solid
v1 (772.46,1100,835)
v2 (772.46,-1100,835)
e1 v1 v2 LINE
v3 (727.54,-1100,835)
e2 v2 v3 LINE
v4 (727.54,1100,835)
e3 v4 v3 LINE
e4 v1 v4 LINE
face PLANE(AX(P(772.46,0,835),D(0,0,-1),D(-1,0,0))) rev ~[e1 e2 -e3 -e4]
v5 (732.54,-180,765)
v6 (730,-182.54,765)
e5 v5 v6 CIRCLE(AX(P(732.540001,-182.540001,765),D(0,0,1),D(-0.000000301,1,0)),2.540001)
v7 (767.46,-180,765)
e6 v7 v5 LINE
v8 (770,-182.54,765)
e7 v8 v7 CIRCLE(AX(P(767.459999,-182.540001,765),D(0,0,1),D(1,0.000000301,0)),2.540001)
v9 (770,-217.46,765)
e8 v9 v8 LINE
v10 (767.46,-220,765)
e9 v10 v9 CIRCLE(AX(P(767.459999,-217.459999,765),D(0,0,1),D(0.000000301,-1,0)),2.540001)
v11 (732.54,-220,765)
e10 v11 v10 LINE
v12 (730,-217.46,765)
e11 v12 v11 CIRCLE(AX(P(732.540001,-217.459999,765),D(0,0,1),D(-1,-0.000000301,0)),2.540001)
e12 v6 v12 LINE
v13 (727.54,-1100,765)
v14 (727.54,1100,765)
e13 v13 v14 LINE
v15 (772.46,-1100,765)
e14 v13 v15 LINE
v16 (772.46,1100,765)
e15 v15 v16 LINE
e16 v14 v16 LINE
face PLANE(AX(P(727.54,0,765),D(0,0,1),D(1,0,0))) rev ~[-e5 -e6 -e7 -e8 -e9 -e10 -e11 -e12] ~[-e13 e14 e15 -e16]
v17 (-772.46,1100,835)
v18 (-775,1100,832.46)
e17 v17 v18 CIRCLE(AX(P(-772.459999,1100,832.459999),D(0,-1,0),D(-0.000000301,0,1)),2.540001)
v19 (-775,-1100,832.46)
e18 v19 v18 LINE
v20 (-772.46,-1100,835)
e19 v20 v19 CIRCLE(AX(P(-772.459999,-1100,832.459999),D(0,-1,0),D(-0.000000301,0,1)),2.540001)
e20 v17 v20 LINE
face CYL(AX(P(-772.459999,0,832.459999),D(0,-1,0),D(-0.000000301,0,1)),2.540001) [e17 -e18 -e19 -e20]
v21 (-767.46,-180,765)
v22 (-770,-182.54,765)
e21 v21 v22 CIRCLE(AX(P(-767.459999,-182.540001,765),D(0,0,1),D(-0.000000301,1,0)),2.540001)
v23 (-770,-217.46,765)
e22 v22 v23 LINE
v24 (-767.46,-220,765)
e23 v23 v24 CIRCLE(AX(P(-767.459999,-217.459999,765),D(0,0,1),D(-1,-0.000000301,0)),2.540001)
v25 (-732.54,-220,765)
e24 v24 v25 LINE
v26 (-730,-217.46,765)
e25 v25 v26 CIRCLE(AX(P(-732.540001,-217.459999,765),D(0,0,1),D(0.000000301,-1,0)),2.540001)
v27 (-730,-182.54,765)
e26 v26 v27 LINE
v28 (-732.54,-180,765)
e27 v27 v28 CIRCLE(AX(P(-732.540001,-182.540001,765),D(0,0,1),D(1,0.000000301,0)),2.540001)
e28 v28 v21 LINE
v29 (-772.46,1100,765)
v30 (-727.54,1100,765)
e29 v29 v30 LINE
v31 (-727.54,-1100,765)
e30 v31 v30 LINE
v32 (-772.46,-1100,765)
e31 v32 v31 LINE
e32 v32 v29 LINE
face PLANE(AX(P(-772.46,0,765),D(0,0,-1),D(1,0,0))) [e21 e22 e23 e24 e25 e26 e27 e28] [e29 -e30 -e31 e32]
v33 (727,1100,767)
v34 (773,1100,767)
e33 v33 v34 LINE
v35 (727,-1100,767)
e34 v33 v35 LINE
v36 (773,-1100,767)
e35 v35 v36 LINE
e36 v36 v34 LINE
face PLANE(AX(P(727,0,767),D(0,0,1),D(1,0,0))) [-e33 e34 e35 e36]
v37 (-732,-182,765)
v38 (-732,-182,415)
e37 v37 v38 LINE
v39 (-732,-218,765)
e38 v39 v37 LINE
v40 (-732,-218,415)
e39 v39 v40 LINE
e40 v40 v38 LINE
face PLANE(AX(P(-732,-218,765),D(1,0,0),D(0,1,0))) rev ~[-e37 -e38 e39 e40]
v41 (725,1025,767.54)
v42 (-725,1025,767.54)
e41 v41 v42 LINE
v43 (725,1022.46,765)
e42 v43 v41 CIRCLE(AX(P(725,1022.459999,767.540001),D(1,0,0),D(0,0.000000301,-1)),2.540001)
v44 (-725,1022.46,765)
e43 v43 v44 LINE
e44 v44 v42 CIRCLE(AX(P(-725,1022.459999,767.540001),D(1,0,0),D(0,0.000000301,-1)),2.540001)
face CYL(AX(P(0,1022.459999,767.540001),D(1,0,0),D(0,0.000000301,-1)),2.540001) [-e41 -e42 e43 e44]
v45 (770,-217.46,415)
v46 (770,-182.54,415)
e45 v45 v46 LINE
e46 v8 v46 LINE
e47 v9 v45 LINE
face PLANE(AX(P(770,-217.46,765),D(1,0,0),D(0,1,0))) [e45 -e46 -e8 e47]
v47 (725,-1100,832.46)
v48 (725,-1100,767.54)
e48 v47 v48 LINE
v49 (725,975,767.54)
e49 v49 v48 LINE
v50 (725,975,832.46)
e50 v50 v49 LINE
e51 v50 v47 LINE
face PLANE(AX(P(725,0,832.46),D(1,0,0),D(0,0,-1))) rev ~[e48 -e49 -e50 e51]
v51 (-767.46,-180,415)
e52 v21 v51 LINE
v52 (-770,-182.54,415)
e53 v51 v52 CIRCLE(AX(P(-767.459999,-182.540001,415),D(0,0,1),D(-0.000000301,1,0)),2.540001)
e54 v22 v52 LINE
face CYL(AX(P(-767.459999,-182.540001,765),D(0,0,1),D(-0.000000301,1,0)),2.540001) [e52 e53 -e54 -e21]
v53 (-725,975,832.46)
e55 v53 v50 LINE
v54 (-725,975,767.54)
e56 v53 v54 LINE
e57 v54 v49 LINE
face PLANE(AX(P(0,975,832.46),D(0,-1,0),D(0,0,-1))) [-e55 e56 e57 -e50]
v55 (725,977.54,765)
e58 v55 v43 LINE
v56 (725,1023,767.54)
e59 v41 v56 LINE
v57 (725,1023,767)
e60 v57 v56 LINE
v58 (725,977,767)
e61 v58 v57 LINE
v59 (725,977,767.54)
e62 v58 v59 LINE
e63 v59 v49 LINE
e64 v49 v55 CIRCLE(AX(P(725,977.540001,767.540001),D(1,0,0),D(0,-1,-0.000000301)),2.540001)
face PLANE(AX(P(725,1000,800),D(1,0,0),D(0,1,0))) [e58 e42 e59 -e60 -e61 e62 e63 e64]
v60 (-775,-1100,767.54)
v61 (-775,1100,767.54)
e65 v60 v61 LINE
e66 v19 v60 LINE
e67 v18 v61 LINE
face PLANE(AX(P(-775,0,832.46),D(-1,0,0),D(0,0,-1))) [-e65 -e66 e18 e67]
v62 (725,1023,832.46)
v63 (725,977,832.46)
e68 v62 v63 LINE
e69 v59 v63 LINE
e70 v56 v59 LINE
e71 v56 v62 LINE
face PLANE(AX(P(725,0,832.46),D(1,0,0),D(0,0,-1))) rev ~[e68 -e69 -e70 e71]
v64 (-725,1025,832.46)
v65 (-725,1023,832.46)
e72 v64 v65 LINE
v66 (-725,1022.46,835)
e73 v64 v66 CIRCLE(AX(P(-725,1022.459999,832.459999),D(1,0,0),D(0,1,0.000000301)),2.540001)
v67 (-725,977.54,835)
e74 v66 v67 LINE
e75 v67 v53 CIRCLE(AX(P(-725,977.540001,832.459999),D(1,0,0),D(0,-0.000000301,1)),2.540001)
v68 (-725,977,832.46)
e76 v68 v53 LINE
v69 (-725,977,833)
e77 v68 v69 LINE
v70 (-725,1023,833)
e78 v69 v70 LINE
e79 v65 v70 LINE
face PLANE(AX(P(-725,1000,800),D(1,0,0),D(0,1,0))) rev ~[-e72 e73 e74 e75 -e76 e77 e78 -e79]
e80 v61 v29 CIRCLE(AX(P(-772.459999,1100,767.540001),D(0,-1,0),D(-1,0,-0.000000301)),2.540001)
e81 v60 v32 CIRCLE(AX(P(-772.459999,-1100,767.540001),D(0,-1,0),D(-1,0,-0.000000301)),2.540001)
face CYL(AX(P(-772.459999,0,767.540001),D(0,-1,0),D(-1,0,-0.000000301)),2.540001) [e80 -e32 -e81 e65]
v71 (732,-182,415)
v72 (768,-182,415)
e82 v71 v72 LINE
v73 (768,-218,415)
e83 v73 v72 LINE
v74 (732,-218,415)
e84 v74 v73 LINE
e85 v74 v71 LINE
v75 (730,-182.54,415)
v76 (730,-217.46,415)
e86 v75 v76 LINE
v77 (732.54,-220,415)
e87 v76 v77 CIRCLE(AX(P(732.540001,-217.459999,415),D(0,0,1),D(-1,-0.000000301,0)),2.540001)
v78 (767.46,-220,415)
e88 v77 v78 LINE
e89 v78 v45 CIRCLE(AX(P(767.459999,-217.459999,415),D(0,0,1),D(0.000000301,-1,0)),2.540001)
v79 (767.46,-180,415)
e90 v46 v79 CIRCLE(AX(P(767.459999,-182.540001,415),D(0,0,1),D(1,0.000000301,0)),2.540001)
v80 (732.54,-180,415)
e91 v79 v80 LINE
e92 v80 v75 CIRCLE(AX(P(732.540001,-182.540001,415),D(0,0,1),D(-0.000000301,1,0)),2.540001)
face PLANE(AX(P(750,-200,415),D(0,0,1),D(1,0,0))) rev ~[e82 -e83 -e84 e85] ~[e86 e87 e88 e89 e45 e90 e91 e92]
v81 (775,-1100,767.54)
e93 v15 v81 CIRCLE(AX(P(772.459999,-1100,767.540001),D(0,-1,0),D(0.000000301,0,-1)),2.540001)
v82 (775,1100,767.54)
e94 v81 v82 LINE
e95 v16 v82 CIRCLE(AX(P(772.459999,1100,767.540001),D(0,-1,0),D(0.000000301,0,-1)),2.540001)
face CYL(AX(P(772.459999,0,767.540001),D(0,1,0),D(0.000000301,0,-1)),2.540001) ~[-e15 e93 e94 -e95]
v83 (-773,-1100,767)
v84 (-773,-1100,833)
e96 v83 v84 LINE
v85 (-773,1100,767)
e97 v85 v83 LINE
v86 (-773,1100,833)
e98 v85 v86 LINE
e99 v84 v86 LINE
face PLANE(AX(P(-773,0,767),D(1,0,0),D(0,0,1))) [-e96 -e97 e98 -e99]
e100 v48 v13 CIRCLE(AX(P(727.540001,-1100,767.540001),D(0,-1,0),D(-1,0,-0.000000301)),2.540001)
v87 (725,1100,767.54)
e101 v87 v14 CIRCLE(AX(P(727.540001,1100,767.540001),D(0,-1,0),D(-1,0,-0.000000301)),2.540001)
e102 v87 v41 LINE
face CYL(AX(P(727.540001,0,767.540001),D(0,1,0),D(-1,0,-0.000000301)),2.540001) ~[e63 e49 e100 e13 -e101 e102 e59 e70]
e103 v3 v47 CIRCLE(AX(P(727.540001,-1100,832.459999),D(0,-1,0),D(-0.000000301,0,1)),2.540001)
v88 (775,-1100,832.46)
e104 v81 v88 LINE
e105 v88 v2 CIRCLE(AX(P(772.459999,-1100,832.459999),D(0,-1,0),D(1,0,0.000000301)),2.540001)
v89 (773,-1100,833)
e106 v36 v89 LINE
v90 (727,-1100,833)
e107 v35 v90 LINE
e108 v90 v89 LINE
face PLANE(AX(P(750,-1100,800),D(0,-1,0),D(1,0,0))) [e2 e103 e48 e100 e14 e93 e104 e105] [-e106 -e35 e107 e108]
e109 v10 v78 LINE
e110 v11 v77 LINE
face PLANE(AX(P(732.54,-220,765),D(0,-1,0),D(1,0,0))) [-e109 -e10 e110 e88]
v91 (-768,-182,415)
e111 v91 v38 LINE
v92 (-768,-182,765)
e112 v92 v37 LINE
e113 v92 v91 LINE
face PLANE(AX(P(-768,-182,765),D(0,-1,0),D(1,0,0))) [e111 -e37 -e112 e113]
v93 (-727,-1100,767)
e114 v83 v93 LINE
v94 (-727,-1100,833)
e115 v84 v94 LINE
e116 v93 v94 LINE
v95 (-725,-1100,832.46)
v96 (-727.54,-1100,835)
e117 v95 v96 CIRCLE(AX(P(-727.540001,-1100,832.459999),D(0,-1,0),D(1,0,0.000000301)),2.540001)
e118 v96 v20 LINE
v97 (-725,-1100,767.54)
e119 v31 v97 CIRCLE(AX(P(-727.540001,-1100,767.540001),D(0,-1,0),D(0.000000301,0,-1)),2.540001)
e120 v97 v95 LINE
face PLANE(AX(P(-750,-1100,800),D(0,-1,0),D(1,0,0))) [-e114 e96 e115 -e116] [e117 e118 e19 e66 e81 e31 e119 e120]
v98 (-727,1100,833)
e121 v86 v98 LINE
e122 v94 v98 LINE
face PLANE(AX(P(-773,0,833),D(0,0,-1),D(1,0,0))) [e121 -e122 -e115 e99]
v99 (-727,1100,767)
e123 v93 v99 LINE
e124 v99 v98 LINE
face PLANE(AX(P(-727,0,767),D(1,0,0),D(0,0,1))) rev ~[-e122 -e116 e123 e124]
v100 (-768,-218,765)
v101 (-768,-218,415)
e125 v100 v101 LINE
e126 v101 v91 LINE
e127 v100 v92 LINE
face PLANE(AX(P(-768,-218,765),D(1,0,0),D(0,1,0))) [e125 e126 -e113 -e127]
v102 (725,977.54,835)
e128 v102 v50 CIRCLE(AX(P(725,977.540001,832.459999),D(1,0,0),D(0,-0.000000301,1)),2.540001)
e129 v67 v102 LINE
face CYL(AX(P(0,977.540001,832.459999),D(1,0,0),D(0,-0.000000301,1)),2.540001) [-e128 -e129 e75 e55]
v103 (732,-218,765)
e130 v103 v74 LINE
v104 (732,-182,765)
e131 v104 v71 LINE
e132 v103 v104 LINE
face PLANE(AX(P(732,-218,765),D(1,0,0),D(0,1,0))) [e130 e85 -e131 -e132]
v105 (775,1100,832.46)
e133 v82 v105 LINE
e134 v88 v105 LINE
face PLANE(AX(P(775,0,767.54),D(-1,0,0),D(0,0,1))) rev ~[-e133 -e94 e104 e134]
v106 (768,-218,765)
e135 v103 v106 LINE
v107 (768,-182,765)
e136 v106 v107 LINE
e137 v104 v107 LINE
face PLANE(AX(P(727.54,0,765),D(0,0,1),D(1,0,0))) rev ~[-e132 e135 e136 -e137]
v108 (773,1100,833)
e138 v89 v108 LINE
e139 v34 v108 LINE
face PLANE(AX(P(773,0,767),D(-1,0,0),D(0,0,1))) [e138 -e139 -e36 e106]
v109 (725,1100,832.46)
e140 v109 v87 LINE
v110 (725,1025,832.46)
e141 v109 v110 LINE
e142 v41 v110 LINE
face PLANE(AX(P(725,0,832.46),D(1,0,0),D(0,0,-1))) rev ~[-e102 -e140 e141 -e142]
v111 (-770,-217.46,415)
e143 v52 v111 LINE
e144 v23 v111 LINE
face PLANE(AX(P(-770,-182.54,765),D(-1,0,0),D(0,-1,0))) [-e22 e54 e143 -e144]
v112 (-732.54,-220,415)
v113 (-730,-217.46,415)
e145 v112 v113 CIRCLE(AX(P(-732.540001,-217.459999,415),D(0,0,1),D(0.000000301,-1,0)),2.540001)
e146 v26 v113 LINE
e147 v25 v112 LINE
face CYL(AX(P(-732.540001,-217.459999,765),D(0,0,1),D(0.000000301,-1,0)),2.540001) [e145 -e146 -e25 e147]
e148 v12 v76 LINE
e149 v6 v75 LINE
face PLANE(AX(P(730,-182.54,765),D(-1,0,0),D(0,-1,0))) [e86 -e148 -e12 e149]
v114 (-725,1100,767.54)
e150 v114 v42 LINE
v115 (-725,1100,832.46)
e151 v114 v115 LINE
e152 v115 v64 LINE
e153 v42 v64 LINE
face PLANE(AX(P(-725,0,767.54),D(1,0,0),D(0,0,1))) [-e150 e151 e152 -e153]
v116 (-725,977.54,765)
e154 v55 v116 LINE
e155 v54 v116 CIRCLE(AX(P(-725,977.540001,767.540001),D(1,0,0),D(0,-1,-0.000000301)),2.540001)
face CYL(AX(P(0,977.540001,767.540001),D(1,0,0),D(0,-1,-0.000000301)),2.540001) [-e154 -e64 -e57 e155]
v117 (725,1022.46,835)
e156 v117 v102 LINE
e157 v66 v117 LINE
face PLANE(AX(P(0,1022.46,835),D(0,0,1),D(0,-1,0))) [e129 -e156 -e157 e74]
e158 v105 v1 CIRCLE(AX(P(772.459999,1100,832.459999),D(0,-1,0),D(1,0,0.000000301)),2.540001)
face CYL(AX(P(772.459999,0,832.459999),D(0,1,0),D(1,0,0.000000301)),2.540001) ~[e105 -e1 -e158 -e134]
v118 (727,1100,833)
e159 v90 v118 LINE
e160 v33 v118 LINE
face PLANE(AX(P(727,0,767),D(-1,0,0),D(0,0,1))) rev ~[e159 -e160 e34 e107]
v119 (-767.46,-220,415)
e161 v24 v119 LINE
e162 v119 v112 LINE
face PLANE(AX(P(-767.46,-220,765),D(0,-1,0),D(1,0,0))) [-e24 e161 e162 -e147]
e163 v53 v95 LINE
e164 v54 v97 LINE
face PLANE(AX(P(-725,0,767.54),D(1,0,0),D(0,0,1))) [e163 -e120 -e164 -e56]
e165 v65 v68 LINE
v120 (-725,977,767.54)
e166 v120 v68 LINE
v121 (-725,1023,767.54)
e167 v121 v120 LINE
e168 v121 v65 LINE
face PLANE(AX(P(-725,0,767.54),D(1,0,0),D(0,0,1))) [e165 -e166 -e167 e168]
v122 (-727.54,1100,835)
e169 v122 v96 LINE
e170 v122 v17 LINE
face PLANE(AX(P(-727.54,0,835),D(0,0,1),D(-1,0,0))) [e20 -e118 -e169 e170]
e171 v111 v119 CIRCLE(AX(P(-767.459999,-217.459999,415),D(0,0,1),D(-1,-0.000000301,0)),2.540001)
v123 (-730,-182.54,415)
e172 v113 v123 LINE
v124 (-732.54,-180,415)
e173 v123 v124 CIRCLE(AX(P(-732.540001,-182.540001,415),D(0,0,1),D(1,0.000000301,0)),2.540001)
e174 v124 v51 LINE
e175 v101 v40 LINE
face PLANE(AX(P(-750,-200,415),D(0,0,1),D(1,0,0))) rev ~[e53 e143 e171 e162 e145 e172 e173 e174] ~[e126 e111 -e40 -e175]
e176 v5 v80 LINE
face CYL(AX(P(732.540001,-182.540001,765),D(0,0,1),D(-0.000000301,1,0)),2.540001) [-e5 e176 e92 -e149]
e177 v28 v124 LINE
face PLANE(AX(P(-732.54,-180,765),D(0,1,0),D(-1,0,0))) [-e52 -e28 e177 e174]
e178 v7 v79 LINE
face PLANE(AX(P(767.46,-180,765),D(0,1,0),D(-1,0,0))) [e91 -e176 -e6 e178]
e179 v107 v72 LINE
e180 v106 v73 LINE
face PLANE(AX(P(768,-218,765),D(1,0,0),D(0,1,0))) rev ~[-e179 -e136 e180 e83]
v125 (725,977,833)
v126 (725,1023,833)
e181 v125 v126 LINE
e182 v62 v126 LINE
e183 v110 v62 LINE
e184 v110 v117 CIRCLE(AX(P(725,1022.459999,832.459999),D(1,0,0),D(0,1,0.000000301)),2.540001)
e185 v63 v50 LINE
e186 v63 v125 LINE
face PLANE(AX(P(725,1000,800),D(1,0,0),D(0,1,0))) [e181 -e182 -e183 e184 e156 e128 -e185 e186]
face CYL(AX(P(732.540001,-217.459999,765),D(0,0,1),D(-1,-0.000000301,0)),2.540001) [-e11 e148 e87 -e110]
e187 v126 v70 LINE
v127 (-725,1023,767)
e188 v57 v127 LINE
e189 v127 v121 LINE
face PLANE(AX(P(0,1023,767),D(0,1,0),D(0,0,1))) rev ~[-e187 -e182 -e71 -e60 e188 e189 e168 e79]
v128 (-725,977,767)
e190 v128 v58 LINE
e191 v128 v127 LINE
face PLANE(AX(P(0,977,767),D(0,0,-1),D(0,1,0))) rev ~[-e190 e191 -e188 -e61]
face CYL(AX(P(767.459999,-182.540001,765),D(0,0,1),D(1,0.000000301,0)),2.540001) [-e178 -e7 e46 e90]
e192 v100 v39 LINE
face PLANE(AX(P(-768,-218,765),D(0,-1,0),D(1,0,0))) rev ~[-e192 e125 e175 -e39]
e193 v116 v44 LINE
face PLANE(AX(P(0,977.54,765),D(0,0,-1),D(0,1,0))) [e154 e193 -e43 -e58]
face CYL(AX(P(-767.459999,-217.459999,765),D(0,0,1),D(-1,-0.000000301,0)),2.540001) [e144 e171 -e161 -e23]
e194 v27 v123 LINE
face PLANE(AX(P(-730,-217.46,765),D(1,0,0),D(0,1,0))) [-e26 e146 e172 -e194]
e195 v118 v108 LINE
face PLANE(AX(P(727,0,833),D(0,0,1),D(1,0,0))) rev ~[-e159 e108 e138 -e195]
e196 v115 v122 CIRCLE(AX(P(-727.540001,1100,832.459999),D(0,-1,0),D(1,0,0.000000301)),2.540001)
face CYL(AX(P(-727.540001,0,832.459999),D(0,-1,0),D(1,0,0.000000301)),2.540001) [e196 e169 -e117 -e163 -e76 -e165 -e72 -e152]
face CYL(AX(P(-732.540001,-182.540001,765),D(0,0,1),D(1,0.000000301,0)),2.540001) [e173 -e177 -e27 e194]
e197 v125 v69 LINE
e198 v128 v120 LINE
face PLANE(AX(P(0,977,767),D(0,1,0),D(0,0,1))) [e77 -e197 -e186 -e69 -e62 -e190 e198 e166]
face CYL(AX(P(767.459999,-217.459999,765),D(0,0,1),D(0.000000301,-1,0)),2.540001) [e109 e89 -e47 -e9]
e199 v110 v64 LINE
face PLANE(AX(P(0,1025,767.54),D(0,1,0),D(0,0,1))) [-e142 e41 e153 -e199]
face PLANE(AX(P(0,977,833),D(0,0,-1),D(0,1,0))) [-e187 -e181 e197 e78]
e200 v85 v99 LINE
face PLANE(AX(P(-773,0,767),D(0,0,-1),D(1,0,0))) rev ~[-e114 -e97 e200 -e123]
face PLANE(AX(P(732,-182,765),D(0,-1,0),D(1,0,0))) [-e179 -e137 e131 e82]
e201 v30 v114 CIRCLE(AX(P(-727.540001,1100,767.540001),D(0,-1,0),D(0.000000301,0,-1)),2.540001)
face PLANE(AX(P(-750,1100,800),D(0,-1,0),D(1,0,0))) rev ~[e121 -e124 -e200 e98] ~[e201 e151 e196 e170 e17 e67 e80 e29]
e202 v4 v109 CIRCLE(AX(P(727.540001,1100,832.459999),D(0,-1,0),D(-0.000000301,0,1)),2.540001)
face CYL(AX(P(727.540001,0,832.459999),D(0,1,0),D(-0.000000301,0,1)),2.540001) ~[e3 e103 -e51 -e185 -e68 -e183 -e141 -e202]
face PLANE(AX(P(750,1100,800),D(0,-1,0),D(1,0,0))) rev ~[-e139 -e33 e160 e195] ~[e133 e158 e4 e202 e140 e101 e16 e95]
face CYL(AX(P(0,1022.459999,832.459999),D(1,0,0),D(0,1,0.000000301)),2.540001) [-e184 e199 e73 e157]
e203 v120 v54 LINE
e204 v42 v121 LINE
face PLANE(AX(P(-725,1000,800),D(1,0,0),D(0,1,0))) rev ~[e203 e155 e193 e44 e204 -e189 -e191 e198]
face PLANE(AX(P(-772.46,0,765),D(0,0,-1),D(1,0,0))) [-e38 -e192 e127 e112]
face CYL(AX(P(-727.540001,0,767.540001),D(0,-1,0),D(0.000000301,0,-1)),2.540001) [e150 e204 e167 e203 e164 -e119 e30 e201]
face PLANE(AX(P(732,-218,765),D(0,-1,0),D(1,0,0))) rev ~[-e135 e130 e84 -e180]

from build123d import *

# Parameters (mm, degrees)
F0_W     = 46
F0_H     = 66
F1_DEPTH = 1100
F2_W     = 46
F2_H     = 66
F3_DEPTH = 725
F5_W     = 36
F5_H     = 36
F6_DEPTH = 350


with BuildPart() as f1:
    # F0 (on Front) → F1 (new body, symmetric)
    with BuildSketch(Plane.XZ):
        with BuildLine():
            ThreePointArc((775, 832.46), (774.256051, 834.256051), (772.46, 835))
            Line((772.46, 835), (727.54, 835))
            ThreePointArc((727.54, 835), (725.743949, 834.256051), (725, 832.46))
            Line((725, 832.46), (725, 767.54))
            ThreePointArc((725, 767.54), (725.743949, 765.743949), (727.54, 765))
            Line((727.54, 765), (772.46, 765))
            ThreePointArc((772.46, 765), (774.256051, 765.743949), (775, 767.54))
            Line((775, 767.54), (775, 832.46))
        make_face()
        with Locations((750, 800)):
            Rectangle(F0_W, F0_H, mode=Mode.SUBTRACT)
        with BuildLine():
            ThreePointArc((-727.54, 765), (-725.743949, 765.743949), (-725, 767.54))
            Line((-725, 767.54), (-725, 832.46))
            ThreePointArc((-725, 832.46), (-725.743949, 834.256051), (-727.54, 835))
            Line((-727.54, 835), (-772.46, 835))
            ThreePointArc((-772.46, 835), (-774.256051, 834.256051), (-775, 832.46))
            Line((-775, 832.46), (-775, 767.54))
            ThreePointArc((-775, 767.54), (-774.256051, 765.743949), (-772.46, 765))
            Line((-772.46, 765), (-727.54, 765))
        make_face()
        with Locations((-750, 800)):
            Rectangle(F0_W, F0_H, mode=Mode.SUBTRACT)
    extrude(amount=F1_DEPTH, both=True)

    # F2 (on Right) → F3 (join, symmetric)
    with BuildSketch(Plane.YZ):
        with BuildLine():
            ThreePointArc((1025, 832.46), (1024.256051, 834.256051), (1022.46, 835))
            Line((1022.46, 835), (977.54, 835))
            ThreePointArc((977.54, 835), (975.743949, 834.256051), (975, 832.46))
            Line((975, 832.46), (975, 767.54))
            ThreePointArc((975, 767.54), (975.743949, 765.743949), (977.54, 765))
            Line((977.54, 765), (1022.46, 765))
            ThreePointArc((1022.46, 765), (1024.256051, 765.743949), (1025, 767.54))
            Line((1025, 767.54), (1025, 832.46))
        make_face()
        with Locations((1000, 800)):
            Rectangle(F2_W, F2_H, mode=Mode.SUBTRACT)
    extrude(amount=F3_DEPTH, both=True)

    # F5 (on offset) → F6 (join)
    with BuildSketch(Plane.XY.offset(765)):
        with BuildLine():
            Line((767.46, -180), (732.54, -180))
            ThreePointArc((732.54, -180), (730.743949, -180.743949), (730, -182.54))
            Line((730, -182.54), (730, -217.46))
            ThreePointArc((730, -217.46), (730.743949, -219.256051), (732.54, -220))
            Line((732.54, -220), (767.46, -220))
            ThreePointArc((767.46, -220), (769.256051, -219.256051), (770, -217.46))
            Line((770, -217.46), (770, -182.54))
            ThreePointArc((770, -182.54), (769.256051, -180.743949), (767.46, -180))
        make_face()
        with Locations((750, -200)):
            Rectangle(F5_W, F5_H, mode=Mode.SUBTRACT)
        with BuildLine():
            ThreePointArc((-730, -182.54), (-730.743949, -180.743949), (-732.54, -180))
            Line((-732.54, -180), (-767.46, -180))
            ThreePointArc((-767.46, -180), (-769.256051, -180.743949), (-770, -182.54))
            Line((-770, -182.54), (-770, -217.46))
            ThreePointArc((-770, -217.46), (-769.256051, -219.256051), (-767.46, -220))
            Line((-767.46, -220), (-732.54, -220))
            ThreePointArc((-732.54, -220), (-730.743949, -219.256051), (-730, -217.46))
            Line((-730, -217.46), (-730, -182.54))
        make_face()
        with Locations((-750, -200)):
            Rectangle(F5_W, F5_H, mode=Mode.SUBTRACT)
    extrude(amount=-F6_DEPTH)


solid = f1.part
